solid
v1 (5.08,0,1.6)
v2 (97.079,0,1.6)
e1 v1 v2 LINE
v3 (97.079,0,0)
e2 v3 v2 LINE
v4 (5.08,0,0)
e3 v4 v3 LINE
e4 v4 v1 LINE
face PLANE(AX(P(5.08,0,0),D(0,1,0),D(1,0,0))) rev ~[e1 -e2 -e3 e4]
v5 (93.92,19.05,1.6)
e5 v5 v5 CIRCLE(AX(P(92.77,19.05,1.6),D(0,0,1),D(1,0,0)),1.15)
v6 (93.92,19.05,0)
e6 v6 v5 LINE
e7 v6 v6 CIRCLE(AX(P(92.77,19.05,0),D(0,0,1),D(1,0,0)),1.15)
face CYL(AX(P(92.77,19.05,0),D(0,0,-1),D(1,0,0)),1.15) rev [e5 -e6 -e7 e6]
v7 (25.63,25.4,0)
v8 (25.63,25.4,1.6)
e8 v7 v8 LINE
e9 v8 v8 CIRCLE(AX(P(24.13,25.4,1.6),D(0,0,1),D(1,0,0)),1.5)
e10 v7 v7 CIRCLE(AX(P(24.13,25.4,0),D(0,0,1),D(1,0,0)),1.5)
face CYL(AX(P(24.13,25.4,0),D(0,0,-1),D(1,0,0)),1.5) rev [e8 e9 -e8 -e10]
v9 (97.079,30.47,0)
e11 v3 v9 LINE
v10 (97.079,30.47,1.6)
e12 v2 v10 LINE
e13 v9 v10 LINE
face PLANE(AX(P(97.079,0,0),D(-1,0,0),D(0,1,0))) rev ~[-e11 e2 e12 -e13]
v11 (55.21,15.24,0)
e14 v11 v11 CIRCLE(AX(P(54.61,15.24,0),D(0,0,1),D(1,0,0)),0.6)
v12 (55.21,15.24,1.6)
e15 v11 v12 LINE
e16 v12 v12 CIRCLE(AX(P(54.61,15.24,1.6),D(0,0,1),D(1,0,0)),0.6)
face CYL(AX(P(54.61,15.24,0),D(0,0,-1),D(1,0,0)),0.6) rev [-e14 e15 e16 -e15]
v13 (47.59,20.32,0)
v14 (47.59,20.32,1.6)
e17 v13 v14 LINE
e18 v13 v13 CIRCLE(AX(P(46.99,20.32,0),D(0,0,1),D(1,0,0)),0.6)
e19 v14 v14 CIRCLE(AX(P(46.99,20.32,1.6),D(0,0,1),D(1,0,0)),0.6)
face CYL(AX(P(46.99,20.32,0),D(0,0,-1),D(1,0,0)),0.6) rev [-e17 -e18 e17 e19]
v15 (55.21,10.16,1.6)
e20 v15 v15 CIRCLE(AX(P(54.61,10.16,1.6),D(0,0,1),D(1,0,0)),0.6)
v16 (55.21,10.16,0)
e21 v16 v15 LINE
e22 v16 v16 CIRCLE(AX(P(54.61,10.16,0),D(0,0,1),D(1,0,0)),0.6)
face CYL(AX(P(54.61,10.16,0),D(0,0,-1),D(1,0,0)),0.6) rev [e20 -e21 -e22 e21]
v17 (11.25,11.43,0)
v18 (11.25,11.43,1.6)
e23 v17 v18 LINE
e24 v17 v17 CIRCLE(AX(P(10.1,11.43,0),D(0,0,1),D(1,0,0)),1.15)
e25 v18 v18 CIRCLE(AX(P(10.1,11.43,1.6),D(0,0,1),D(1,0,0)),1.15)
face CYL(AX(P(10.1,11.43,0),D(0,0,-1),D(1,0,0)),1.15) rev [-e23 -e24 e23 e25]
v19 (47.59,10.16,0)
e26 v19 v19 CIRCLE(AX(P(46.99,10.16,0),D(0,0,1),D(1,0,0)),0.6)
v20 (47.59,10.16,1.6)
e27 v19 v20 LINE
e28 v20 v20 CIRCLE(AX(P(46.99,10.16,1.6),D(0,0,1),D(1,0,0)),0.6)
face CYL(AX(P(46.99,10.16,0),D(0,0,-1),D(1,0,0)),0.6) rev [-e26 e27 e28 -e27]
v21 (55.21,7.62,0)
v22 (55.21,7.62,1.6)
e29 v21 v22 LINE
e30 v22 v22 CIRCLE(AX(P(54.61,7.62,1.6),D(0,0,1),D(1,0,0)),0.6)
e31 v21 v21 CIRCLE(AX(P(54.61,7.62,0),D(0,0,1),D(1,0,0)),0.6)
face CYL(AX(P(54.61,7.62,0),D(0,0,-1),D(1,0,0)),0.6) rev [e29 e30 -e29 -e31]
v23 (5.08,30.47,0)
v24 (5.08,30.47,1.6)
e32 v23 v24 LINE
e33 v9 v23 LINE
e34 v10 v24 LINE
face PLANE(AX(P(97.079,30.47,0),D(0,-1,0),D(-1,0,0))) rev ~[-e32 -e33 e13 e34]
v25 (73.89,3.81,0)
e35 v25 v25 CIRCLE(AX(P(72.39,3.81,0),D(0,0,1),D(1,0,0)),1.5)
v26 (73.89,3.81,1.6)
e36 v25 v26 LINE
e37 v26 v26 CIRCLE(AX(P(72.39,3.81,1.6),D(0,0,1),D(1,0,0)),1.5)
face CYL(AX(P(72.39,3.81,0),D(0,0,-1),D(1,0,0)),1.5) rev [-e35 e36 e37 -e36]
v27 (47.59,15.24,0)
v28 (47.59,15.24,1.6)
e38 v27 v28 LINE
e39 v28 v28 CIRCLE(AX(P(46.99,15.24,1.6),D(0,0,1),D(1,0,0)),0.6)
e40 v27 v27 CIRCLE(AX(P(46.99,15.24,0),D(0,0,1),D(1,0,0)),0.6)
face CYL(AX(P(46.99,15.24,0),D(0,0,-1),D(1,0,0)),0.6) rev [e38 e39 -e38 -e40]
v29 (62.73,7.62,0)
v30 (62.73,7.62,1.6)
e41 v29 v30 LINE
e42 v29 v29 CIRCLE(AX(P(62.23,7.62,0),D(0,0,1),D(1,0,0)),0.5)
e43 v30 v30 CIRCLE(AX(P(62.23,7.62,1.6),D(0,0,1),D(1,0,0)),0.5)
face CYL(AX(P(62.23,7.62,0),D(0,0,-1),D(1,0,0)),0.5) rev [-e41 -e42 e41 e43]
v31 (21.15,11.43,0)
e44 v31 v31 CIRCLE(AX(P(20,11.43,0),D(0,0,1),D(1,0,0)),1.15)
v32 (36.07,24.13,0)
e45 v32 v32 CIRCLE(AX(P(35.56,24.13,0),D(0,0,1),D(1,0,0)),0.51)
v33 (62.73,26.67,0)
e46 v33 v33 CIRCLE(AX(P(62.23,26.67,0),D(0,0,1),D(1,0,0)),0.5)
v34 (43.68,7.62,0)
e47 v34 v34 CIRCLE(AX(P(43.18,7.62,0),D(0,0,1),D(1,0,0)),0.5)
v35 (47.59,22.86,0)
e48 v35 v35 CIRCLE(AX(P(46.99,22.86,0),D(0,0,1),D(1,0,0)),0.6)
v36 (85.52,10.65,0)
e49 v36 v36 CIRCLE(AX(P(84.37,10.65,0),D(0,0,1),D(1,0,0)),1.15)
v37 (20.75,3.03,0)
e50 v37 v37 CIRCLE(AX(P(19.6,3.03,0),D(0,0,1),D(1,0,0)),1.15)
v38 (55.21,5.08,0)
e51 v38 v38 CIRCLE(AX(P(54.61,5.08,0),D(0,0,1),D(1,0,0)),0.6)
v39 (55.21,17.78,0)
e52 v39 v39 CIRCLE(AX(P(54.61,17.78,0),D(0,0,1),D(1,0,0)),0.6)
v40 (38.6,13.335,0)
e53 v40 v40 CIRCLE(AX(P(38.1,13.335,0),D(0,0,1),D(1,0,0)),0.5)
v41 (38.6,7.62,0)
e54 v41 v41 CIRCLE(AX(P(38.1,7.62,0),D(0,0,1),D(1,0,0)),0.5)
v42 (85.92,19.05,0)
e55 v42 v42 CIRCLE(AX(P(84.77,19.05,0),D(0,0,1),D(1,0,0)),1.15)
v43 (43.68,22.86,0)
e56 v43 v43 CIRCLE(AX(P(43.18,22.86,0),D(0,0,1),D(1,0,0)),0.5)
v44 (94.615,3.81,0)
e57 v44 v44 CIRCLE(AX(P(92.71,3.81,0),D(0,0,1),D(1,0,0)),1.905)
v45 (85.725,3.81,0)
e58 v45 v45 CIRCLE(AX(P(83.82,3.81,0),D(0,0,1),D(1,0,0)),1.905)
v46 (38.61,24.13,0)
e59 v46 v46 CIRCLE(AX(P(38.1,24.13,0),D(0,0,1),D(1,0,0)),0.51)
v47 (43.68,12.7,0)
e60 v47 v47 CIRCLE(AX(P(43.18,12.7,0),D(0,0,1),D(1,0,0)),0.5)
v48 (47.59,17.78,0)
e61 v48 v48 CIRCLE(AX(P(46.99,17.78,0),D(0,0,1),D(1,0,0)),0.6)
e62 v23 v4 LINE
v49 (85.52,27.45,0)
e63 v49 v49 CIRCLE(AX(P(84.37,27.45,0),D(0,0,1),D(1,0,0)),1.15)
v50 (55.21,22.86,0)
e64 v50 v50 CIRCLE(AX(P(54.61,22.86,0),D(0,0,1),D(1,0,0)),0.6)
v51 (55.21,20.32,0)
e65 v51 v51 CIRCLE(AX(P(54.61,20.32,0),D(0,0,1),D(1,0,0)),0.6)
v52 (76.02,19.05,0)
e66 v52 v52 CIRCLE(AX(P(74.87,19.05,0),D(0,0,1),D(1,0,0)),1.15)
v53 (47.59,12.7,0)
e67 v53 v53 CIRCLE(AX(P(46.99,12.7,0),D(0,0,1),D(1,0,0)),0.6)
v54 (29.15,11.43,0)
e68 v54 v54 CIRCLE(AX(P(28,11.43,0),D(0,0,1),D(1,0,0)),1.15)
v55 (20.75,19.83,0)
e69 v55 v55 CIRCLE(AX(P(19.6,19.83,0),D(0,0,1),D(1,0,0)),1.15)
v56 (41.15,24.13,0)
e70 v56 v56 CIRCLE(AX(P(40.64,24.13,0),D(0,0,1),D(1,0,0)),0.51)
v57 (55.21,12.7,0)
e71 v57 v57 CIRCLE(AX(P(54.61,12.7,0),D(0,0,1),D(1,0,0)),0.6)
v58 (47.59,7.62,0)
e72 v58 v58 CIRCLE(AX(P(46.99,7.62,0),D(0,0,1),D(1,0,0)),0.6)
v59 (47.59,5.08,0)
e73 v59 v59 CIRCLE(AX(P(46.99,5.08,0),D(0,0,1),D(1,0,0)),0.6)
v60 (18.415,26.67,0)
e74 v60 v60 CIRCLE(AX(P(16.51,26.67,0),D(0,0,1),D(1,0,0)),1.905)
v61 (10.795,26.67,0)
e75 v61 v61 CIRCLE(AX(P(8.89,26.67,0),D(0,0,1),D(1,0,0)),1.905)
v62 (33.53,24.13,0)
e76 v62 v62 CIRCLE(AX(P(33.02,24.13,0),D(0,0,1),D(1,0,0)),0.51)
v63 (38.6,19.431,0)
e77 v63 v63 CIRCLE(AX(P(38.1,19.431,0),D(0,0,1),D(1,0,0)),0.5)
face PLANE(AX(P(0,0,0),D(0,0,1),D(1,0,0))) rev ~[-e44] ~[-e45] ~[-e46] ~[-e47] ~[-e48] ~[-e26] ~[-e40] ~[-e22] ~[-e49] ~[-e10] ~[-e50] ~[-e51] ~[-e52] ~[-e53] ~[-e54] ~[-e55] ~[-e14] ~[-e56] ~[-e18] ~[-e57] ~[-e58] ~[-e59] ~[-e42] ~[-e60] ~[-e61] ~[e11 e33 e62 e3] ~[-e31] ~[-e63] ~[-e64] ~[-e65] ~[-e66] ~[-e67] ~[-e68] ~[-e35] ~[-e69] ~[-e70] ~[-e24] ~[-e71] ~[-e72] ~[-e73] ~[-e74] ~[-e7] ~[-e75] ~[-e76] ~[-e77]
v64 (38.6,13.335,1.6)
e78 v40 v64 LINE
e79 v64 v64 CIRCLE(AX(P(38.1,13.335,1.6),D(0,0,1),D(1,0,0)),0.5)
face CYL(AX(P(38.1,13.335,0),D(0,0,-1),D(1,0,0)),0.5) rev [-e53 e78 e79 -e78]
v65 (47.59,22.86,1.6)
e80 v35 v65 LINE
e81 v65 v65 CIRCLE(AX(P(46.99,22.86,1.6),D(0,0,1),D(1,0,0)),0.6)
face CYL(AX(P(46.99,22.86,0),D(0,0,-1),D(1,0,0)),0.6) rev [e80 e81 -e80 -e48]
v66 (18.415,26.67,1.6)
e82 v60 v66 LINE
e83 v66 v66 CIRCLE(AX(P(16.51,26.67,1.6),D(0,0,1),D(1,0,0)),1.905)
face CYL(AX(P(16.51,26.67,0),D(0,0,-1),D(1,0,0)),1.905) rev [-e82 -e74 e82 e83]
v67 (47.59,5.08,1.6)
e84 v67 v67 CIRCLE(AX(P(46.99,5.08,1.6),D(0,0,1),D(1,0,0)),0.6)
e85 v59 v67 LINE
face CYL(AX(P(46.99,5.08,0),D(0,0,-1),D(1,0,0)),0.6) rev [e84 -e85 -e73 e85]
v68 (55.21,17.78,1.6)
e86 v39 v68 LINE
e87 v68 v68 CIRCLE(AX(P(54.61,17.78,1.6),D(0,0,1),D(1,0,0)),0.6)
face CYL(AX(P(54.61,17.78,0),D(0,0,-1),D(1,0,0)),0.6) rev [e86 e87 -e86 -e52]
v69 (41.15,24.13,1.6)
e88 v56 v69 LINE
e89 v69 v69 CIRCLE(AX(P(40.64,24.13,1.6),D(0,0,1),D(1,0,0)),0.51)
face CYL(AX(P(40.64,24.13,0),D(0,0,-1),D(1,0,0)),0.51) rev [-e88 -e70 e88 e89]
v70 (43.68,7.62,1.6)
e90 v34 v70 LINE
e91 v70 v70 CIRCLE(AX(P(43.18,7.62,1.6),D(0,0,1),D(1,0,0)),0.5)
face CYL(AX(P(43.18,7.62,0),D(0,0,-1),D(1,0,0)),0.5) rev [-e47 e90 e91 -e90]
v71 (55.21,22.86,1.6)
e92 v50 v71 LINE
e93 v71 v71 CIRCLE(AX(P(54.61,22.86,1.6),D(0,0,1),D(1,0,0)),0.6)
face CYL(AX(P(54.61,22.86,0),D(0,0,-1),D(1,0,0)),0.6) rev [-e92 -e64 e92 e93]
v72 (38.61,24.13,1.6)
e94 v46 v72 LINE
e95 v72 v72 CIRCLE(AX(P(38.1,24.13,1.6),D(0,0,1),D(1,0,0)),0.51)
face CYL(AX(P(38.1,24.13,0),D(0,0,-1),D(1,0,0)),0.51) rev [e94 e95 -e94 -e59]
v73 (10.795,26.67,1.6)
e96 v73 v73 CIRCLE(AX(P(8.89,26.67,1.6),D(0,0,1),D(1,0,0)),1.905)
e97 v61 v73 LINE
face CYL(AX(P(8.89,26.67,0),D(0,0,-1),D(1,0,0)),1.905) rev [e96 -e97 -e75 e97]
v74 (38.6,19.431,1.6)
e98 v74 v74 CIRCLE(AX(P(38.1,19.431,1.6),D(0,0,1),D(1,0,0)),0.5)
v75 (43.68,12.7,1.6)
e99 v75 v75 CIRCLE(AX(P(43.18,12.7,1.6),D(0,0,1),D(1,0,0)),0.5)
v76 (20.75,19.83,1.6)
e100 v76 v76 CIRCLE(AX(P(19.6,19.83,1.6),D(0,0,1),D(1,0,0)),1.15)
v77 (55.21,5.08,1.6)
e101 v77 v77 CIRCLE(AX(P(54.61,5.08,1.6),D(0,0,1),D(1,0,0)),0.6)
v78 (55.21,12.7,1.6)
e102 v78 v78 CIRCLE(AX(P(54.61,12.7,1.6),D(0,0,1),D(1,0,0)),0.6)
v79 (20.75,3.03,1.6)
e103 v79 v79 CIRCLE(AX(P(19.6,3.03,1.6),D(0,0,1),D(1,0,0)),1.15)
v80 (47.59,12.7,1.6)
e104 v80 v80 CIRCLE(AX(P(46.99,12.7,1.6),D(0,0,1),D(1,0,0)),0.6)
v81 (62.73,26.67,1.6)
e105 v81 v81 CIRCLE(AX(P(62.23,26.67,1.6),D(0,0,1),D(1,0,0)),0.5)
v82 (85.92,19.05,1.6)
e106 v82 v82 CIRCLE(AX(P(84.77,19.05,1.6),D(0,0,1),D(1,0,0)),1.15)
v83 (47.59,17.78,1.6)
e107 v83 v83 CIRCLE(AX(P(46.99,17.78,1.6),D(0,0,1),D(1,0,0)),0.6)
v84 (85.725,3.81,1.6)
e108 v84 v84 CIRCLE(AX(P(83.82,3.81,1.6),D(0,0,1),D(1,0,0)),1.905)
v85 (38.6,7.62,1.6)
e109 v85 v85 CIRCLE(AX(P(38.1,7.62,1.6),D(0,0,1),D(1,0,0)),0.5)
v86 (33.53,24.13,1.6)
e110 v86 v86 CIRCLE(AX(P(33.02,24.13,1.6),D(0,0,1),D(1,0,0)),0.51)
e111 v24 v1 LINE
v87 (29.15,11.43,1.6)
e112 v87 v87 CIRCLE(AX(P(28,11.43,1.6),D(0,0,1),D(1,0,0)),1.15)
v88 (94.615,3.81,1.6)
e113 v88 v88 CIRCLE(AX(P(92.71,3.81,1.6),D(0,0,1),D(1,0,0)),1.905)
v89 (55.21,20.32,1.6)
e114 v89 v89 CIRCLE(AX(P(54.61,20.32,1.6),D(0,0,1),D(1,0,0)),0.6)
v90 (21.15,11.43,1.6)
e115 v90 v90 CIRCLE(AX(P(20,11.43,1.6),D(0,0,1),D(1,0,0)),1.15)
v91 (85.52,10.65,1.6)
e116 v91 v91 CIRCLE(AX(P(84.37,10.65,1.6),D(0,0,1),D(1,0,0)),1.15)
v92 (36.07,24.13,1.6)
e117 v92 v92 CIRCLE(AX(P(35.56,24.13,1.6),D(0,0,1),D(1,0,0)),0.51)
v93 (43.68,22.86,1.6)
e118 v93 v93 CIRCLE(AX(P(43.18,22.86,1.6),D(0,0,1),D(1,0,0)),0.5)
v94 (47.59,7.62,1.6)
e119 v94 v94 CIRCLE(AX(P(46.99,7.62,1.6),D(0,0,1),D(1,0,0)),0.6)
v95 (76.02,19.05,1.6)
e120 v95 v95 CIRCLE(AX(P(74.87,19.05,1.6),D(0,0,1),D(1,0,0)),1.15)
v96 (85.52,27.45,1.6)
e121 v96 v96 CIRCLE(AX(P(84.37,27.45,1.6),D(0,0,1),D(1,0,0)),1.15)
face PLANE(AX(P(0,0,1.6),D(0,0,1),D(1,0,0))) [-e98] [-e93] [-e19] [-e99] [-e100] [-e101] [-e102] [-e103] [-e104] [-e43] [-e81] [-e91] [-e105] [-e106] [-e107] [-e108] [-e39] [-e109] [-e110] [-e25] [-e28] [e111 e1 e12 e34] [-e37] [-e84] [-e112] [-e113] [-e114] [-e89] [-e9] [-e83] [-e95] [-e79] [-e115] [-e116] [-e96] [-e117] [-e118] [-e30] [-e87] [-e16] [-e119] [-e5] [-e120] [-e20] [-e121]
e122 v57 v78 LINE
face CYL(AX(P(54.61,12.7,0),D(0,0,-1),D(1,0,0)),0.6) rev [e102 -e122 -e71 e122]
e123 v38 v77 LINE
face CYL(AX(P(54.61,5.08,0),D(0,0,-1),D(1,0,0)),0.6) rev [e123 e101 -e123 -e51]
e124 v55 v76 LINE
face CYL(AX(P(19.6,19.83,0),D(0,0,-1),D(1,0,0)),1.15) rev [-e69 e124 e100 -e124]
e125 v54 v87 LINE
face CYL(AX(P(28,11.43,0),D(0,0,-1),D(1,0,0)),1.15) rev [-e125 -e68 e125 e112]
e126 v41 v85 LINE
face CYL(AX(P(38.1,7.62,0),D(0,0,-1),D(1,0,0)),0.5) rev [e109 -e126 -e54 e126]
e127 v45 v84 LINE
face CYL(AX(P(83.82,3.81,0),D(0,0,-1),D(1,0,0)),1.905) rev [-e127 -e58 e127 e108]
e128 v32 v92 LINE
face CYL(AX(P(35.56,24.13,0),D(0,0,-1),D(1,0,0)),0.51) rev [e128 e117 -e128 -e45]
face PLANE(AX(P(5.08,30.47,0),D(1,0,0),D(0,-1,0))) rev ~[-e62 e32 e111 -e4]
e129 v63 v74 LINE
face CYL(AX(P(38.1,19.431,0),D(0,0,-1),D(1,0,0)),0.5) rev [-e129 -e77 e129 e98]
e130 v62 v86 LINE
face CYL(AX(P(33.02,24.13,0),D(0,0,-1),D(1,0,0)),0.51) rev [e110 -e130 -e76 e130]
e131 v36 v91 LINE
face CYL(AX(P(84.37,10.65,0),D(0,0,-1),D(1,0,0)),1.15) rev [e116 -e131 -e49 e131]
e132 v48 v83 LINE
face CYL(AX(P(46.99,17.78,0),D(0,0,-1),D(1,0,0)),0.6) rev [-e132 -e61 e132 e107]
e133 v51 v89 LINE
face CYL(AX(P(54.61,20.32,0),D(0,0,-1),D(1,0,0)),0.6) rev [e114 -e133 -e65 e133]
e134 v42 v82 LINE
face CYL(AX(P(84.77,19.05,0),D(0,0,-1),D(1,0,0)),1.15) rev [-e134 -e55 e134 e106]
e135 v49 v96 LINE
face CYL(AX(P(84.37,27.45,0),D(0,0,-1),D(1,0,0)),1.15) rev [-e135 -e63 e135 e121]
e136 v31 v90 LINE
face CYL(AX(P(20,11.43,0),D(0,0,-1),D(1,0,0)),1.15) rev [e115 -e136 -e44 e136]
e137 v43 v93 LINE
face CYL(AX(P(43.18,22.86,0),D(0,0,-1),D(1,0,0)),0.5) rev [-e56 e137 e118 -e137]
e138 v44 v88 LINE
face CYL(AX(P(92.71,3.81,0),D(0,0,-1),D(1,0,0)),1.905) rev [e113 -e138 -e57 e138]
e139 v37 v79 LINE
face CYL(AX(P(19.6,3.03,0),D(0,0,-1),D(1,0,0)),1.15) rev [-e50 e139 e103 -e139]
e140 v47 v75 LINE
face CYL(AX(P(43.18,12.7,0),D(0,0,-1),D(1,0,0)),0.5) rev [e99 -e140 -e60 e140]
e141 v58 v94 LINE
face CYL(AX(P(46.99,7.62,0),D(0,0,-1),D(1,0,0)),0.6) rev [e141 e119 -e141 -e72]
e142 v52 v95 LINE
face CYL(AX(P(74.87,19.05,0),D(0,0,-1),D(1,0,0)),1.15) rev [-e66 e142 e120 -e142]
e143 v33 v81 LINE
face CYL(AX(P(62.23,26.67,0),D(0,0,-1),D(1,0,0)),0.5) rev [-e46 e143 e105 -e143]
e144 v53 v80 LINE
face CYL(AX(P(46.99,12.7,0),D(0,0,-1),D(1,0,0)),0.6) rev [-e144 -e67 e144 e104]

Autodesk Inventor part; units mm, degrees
ref_plane "YZ Plane" through (0, 0, 0) normal (1, 0, 0) x (0, 1, 0)
ref_plane "XZ Plane" through (0, 0, 0) normal (0, 1, 0) x (-1, 0, 0)
ref_plane "XY Plane" through (0, 0, 0) normal (0, 0, 1) x (1, 0, 0)
sketch "Эскиз1" plane through (0, 0, 0) normal (0, 0, 1) x (1, 0, 0)
  line L0 (5.08, 0) -> (97.079, 0)
  line L1 (97.079, 0) -> (97.079, 30.47)
  line L2 (97.079, 30.47) -> (5.08, 30.47)
  line L3 (5.08, 30.47) -> (5.08, 0)
  circle A0 centre (46.99, 22.86) radius 0.6
  circle A1 centre (46.99, 20.32) radius 0.6
  circle A2 centre (46.99, 17.78) radius 0.6
  circle A3 centre (46.99, 15.24) radius 0.6
  circle A4 centre (46.99, 12.7) radius 0.6
  circle A5 centre (46.99, 10.16) radius 0.6
  circle A6 centre (46.99, 7.62) radius 0.6
  circle A7 centre (46.99, 5.08) radius 0.6
  circle A8 centre (54.61, 5.08) radius 0.6
  circle A9 centre (54.61, 7.62) radius 0.6
  circle A10 centre (54.61, 10.16) radius 0.6
  circle A11 centre (54.61, 12.7) radius 0.6
  circle A12 centre (54.61, 15.24) radius 0.6
  circle A13 centre (54.61, 17.78) radius 0.6
  circle A14 centre (54.61, 20.32) radius 0.6
  circle A15 centre (54.61, 22.86) radius 0.6
  circle A16 centre (8.89, 26.67) radius 1.905
  circle A17 centre (92.71, 3.81) radius 1.905
  circle A18 centre (16.51, 26.67) radius 1.905
  circle A19 centre (83.82, 3.81) radius 1.905
  circle A20 centre (33.02, 24.13) radius 0.51
  circle A21 centre (35.56, 24.13) radius 0.51
  circle A22 centre (38.1, 24.13) radius 0.51
  circle A23 centre (40.64, 24.13) radius 0.51
  circle A24 centre (10.1, 11.43) radius 1.15
  circle A25 centre (19.6, 19.83) radius 1.15
  circle A26 centre (19.6, 3.03) radius 1.15
  circle A27 centre (28, 11.43) radius 1.15
  circle A28 centre (20, 11.43) radius 1.15
  circle A29 centre (74.87, 19.05) radius 1.15
  circle A30 centre (84.37, 27.45) radius 1.15
  circle A31 centre (84.37, 10.65) radius 1.15
  circle A32 centre (92.77, 19.05) radius 1.15
  circle A33 centre (84.77, 19.05) radius 1.15
  circle A34 centre (24.13, 25.4) radius 1.5
  circle A35 centre (72.39, 3.81) radius 1.5
  circle A36 centre (43.18, 22.86) radius 0.5
  circle A37 centre (43.18, 12.7) radius 0.5
  circle A38 centre (38.1, 19.431) radius 0.5
  circle A39 centre (38.1, 13.335) radius 0.5
  circle A40 centre (38.1, 7.62) radius 0.5
  circle A41 centre (43.18, 7.62) radius 0.5
  circle A42 centre (62.23, 26.67) radius 0.5
  circle A43 centre (62.23, 7.62) radius 0.5
extrude "power_pcb.brdКонтур" add sketch "Эскиз1" along normal blind 1.6
properties part number "power_pcb.brdКонтур1"
